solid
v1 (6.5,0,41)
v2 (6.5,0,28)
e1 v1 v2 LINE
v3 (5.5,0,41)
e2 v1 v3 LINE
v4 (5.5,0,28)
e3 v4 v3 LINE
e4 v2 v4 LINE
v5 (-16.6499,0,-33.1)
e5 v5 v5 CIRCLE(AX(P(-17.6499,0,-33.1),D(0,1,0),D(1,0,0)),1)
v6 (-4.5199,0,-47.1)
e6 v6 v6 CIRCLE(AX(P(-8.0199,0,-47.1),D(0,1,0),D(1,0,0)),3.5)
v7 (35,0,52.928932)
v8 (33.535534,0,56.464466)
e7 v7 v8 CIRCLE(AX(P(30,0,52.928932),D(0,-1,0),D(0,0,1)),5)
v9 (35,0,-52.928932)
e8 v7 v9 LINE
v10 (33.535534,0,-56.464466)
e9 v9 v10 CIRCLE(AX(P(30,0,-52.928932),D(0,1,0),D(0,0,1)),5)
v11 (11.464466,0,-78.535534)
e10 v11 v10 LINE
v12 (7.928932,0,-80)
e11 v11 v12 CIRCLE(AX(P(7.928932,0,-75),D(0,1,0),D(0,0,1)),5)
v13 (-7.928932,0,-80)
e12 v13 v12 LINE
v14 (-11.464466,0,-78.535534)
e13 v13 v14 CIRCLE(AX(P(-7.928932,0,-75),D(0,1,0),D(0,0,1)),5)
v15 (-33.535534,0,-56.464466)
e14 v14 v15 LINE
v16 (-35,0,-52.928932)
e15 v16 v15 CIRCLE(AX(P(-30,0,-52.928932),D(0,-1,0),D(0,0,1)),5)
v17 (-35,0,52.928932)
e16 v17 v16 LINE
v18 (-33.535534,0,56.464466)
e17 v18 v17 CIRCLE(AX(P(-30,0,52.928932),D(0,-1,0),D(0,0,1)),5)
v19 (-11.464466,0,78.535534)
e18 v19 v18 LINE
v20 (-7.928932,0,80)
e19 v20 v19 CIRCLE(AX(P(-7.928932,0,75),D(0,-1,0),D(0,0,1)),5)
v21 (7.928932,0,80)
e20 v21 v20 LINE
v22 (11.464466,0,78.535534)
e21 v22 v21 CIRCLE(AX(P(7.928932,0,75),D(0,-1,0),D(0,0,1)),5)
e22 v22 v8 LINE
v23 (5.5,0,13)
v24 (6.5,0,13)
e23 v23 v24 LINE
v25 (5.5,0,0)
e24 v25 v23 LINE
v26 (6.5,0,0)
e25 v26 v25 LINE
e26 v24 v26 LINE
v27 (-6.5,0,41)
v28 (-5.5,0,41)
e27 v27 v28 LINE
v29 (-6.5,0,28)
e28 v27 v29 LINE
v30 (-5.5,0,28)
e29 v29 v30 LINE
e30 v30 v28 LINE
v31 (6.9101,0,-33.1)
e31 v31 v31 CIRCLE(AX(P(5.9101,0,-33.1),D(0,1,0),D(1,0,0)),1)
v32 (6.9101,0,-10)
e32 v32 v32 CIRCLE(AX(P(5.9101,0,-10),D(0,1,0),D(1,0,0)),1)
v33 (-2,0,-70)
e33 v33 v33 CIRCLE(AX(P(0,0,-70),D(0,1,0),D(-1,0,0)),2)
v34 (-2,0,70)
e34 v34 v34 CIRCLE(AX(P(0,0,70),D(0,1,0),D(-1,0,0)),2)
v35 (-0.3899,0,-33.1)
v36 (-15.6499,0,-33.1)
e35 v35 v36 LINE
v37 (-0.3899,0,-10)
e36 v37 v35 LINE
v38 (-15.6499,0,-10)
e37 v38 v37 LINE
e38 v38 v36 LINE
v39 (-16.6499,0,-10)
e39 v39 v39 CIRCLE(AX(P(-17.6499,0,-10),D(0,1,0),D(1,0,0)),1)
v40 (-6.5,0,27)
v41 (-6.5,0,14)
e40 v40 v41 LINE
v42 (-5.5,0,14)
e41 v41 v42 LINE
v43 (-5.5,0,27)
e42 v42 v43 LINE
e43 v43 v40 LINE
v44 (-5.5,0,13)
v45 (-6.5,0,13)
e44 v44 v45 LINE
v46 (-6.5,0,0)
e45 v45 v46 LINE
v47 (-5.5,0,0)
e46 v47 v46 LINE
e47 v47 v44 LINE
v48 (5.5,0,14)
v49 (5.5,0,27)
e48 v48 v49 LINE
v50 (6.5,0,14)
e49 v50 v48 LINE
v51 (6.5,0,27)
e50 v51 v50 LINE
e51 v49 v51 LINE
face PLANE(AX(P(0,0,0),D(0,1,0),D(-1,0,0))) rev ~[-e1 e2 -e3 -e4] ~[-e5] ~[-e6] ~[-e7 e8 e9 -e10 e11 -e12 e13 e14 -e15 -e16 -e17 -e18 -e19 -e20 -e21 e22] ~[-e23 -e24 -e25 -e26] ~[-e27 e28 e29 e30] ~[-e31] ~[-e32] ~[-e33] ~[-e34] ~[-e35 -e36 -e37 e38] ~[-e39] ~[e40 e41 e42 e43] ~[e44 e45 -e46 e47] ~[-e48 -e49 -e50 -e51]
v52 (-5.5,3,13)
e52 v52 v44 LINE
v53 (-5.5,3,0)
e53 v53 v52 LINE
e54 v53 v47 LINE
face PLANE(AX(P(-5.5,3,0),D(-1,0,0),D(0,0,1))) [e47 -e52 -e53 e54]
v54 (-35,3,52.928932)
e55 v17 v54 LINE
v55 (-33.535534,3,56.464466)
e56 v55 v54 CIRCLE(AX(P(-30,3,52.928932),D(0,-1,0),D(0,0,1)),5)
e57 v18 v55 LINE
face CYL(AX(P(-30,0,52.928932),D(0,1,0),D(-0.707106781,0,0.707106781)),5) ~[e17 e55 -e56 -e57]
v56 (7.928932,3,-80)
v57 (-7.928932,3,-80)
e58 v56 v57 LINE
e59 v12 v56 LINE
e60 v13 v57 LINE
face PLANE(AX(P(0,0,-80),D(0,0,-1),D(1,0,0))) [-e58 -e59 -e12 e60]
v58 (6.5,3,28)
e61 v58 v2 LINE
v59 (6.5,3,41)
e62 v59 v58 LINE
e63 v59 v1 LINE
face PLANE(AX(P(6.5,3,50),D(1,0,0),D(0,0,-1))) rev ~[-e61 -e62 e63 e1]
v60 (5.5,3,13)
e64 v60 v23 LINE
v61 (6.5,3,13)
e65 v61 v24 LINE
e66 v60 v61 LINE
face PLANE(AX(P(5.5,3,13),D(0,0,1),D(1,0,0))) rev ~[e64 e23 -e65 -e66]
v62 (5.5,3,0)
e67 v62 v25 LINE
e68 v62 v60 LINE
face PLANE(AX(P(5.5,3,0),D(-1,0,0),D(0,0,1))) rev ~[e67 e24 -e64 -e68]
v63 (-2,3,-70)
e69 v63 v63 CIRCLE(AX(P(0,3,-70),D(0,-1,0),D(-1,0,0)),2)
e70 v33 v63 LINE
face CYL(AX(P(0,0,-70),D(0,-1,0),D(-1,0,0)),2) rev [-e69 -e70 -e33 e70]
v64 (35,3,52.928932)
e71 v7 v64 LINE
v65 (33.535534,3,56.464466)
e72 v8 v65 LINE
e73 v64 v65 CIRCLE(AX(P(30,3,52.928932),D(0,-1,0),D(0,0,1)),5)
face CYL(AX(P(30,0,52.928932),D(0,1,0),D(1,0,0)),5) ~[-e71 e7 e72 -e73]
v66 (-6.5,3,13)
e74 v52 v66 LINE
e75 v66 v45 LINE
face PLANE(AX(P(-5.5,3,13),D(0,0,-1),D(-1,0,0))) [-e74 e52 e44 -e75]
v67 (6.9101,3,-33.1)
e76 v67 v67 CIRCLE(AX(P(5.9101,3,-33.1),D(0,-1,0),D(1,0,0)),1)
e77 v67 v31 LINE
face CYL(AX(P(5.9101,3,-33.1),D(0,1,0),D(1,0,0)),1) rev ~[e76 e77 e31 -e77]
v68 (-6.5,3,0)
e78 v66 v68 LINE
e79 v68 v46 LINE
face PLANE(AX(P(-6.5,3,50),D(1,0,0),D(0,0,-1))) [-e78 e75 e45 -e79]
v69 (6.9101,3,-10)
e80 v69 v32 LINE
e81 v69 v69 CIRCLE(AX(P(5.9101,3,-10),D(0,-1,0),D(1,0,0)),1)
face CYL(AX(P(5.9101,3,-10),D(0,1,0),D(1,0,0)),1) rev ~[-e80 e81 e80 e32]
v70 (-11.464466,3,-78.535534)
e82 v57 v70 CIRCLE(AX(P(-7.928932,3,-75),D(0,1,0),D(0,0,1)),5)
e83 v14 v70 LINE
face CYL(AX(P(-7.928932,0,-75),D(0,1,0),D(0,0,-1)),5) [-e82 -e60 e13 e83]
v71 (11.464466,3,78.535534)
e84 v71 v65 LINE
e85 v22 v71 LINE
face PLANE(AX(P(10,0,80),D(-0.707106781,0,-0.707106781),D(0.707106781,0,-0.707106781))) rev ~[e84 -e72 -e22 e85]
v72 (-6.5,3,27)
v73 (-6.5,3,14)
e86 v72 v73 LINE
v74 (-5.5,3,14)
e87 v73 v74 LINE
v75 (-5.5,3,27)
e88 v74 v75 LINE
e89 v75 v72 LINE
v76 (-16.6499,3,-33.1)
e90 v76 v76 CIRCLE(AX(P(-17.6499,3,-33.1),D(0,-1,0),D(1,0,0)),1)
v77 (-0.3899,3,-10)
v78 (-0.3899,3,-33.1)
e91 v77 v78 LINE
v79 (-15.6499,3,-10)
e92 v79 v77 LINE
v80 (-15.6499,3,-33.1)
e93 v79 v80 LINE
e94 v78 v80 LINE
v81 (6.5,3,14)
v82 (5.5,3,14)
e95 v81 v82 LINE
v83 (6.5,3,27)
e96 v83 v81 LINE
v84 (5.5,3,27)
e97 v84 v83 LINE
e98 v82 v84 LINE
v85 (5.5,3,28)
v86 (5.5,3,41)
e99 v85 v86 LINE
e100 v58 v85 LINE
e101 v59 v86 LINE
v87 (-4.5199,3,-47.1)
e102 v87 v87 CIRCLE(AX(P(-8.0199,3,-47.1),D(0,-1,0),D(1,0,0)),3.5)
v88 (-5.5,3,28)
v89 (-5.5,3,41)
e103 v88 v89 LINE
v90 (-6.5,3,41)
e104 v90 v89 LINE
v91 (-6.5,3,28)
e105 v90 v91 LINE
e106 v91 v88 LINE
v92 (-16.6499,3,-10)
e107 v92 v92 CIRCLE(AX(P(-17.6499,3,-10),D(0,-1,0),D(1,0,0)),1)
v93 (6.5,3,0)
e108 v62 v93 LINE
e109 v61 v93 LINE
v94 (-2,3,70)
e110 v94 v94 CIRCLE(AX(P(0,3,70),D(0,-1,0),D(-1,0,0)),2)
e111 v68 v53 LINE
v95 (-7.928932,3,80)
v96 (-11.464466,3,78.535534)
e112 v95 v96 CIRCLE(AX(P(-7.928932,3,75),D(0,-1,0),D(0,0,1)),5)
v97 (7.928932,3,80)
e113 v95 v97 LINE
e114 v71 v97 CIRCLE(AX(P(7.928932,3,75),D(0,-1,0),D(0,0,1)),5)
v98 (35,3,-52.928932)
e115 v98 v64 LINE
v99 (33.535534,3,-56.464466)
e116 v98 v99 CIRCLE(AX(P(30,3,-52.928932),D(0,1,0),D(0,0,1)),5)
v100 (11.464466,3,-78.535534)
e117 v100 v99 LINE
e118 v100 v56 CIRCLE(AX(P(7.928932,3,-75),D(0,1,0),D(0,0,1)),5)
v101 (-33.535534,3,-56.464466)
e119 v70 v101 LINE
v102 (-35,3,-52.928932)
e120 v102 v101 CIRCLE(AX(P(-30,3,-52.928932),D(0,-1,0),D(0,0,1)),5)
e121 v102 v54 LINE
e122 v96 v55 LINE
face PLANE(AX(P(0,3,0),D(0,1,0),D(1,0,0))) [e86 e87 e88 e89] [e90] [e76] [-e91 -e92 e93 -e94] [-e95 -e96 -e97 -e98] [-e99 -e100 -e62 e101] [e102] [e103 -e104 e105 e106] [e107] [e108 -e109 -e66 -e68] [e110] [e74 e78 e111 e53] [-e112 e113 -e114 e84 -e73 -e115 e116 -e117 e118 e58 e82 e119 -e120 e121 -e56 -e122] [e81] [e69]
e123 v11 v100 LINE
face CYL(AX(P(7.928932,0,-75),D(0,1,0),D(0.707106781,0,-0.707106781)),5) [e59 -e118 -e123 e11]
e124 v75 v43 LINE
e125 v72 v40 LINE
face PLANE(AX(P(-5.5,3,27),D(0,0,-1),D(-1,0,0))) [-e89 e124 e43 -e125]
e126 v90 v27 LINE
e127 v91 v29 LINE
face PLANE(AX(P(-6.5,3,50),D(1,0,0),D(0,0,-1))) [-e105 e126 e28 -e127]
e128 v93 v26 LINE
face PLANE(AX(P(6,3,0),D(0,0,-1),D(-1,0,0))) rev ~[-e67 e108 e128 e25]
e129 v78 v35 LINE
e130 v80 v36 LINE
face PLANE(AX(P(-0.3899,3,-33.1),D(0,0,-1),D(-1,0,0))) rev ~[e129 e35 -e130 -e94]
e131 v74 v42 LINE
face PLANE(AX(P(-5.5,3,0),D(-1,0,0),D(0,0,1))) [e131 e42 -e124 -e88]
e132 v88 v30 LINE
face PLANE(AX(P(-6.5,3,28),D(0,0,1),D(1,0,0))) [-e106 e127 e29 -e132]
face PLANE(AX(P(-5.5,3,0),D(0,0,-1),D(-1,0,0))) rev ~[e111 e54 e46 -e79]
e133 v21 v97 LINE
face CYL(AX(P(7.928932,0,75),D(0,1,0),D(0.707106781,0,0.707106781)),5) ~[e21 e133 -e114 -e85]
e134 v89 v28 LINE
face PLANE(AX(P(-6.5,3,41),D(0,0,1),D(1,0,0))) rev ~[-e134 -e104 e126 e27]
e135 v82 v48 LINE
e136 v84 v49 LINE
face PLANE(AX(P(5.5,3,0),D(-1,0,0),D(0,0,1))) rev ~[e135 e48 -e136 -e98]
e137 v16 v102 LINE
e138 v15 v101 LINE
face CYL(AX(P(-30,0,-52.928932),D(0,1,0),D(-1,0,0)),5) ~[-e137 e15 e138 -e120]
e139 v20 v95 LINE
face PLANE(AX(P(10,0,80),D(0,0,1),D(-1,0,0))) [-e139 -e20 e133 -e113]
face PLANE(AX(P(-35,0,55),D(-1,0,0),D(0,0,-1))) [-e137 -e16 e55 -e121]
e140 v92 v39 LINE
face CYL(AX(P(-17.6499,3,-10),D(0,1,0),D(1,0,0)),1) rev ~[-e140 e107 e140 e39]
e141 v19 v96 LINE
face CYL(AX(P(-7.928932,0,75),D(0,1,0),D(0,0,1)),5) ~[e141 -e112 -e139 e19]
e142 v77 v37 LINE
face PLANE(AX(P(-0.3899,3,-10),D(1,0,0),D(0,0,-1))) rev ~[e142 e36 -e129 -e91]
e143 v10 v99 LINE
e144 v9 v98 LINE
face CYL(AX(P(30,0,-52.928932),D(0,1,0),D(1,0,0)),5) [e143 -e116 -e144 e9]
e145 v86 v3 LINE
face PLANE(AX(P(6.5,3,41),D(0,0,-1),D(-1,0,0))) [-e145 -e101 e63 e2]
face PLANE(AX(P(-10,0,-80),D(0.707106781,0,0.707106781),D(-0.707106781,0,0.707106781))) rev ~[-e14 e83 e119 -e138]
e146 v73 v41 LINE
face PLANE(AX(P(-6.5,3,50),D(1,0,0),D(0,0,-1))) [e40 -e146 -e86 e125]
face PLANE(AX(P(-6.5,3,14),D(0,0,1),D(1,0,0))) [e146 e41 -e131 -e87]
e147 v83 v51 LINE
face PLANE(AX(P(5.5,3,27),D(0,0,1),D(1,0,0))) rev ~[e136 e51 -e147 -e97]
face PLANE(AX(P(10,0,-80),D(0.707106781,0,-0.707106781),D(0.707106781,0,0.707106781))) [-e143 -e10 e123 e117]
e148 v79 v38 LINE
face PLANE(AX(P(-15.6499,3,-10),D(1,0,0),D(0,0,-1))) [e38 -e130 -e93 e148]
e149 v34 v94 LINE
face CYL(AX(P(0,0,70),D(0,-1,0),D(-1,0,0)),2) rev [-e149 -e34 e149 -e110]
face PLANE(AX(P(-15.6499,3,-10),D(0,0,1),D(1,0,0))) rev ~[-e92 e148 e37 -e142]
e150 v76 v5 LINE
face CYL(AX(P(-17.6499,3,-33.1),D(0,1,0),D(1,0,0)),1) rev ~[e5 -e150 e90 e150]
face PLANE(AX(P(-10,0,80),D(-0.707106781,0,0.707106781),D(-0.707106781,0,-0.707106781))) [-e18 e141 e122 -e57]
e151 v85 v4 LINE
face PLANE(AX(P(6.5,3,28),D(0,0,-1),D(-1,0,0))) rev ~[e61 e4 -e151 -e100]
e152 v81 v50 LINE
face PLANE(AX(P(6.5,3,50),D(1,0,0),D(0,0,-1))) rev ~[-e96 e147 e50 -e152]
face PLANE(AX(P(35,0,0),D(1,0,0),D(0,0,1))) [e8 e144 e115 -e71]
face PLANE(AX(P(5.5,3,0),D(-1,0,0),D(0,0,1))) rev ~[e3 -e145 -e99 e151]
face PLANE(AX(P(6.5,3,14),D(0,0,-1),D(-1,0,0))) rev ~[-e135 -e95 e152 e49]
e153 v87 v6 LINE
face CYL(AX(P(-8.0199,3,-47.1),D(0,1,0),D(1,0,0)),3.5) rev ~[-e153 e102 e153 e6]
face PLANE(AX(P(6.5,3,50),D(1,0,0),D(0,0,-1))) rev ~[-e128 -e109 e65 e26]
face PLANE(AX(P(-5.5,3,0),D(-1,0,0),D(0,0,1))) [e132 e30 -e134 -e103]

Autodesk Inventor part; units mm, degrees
ref_plane "YZ Plane" through (0, 0, 0) normal (1, 0, 0) x (0, 1, 0)
ref_plane "XZ Plane" through (0, 0, 0) normal (0, 1, 0) x (-1, 0, 0)
ref_plane "XY Plane" through (0, 0, 0) normal (0, 0, 1) x (1, 0, 0)
sketch "Sketch1" plane through (0, 0, 0) normal (0, 1, 0) x (-1, 0, 0)
  line L0 (0, 0) -> (0, 80)
  line L1 (0, 80) -> (0, -80)
  line L2 (0, 80) -> (35, 80)
  line L3 (35, 80) -> (35, -80)
  line L4 (35, -80) -> (-35, -80)
  line L5 (-35, -80) -> (-35, 80)
  line L6 (-35, 80) -> (0, 80)
  line L7 (0, 80) -> (10, 80)
  line L8 (35, 80) -> (35, 55)
  line L9 (10, 80) -> (35, 55)
  line L10 (35, 0) -> (-35, 0)
  line L11 (0, 80) -> (0, -80)
  line L12 (10, -80) -> (35, -55)
  line L13 (-10, 80) -> (-35, 55)
  line L14 (-10, -80) -> (-35, -55)
  line L15 (0, 0) -> (0, 70)
  line L16 (0, 70) -> (0, -70)
  circle A0 centre (0, 70) radius 2
  circle A1 centre (0, -70) radius 2
  dimension "d0" = 80
  dimension "d1" = 160
  dimension "d2" = 35
  dimension "d3" = 70
  dimension "d4" = 10
  dimension "d5" = 25
  dimension "d6" = 70
  dimension "d7" = 140
  dimension "d8" = 4
  dimension "d9" = 4
extrude "Extrusion1" add sketch "Sketch1" along normal blind 3 contours L10 L5 L13 L6 L0 A0 | L10 L3 L12 L4 L1 A1 | L0 A0 L2 L9 L3 L10 | L1 A1 L4 L14 L5 L10
fillet "Fillet1" radius 5 8 edges at (-35, 1.5, 55) (-10, 1.5, 80) (-35, 1.5, -55) (35, 1.5, 55) (10, 1.5, 80) (35, 1.5, -55) (10, 1.5, -80) (-10, 1.5, -80)
sketch "Sketch2" plane through (0, 3, 0) normal (0, 1, 0) x (1, 0, 0)
  line L0 (0, 0) -> (0, 10)
  line L1 (5.9101, 10) -> (-17.6499, 10)
  line L2 (-17.6499, 10) -> (-17.6499, 33.1)
  line L3 (-17.6499, 33.1) -> (5.9101, 33.1)
  line L4 (5.9101, 33.1) -> (5.9101, 10)
  line L5 (0, 10) -> (0, 21.55)
  line L6 (0, 21.55) -> (20, 21.55)
  line L7 (35, -52.9289) -> (35, 52.9289) projected
  circle A0 centre (20, 21.55) radius 3.5
  circle A1 centre (-17.6499, 10) radius 1
  circle A2 centre (-17.6499, 33.1) radius 1
  circle A3 centre (5.9101, 10) radius 1
  circle A4 centre (5.9101, 33.1) radius 1
  line L8 (0, 0) -> (-6, 0)
  line L9 (-6, 0) -> (-6, -50)
  line L10 (-6, -50) -> (6, -50)
  line L11 (6, -50) -> (6, 0)
  line L12 (6, 0) -> (-6, 0)
  line L13 (-6, -50) -> (-6.5, -50)
  line L14 (-6.5, -50) -> (-6.5, 0)
  line L15 (-6.5, 0) -> (-5.5, 0)
  line L16 (-5.5, 0) -> (-5.5, -50)
  line L17 (-5.5, -50) -> (-6.5, -50)
  line L18 (0, 0) -> (0, -66.8235)
  line L19 (6, -50) -> (6.5, -50)
  line L20 (6.5, -50) -> (6.5, 0)
  line L21 (6.5, 0) -> (5.5, 0)
  line L22 (5.5, 0) -> (5.5, -50)
  line L23 (5.5, -50) -> (6.5, -50)
  line L24 (0, 21.55) -> (6, 21.55)
  dimension "d13" = 10
  dimension "d14" = 23.56
  dimension "d15" = 23.1
  dimension "d16" = 11.55
  dimension "d17" = 20
  dimension "d18" = 7
  dimension "d19" = 2
  dimension "d20" = 2
  dimension "d21" = 2
  dimension "d22" = 2
  dimension "d23" = 6
  dimension "d24" = 50
  dimension "d25" = 12
  dimension "d26" = 0.5
  dimension "d27" = 1
  dimension "d37" = 6
extrude "Extrusion2" cut sketch "Sketch2" against normal blind 10 contours A0 | L16 L10 L9 L8 | L12 L11 L10 L22 | A1 L2 L1 | L1 L2 A1 | A3 L4 L1 | L1 L4 A3 | L9 L13 L14 L15 | L21 L20 L19 L11 | A2 L3 L2 | L2 L3 A2 | A4 L3 L4 | L4 L3 A4
sketch "Sketch3" plane through (0, 3, 0) normal (0, 1, 0) x (1, 0, 0)
  line L0 (-5.5, -50) -> (-5.5, 0) projected
  line L1 (-5.5, 0) -> (-5.5, -13)
  line L2 (-5.5, -13) -> (-6.5, -13)
  line L3 (-6.5, -50) -> (-6.5, 0) projected
  line L4 (-6.5, 0) -> (-6.5, -13)
  line L5 (-6.5, 0) -> (-5.5, 0)
  line L6 (-6.5, -13) -> (-6.5, -14)
  line L7 (-6.5, -14) -> (-5.5, -14)
  line L8 (-5.5, -14) -> (-5.5, -13)
  line L9 (-6.5, -13) -> (-5.5, -13)
  line L10 (-6.5, -14) -> (-6.5, -27)
  line L11 (-6.5, -27) -> (-6.5, -28)
  line L12 (-6.5, -28) -> (-5.5, -28)
  line L13 (-5.5, -28) -> (-5.5, -27)
  line L14 (-5.5, -27) -> (-6.5, -27)
  line L15 (-5.5, -14) -> (-5.5, -27)
  line L16 (-6.5, -28) -> (-6.5, -41)
  line L17 (-6.5, -41) -> (-5.5, -41)
  line L18 (-5.5, -41) -> (-5.5, -28)
  line L19 (-6.5, -28) -> (-5.5, -28)
  line L20 (-6.5, -50) -> (-5.5, -50) projected
  line L21 (-6.5, -41) -> (-6.5, -50)
  line L22 (-6.5, -50) -> (-5.5, -50)
  line L23 (-5.5, -50) -> (-5.5, -41)
  line L24 (0, 0) -> (0, -62.7524)
  line L25 (5.5, -50) -> (5.5, 0)
  line L26 (5.5, -13) -> (6.5, -13)
  line L27 (6.5, -50) -> (6.5, 0)
  line L28 (6.5, 0) -> (5.5, 0)
  line L29 (6.5, -14) -> (5.5, -14)
  line L30 (6.5, -28) -> (5.5, -28)
  line L31 (5.5, -27) -> (6.5, -27)
  line L32 (6.5, -41) -> (5.5, -41)
  line L33 (6.5, -50) -> (5.5, -50)
  dimension "d30" = 13
  dimension "d31" = 1
  dimension "d32" = 13
  dimension "d33" = 1
  dimension "d34" = 13
extrude "Extrusion3" add sketch "Sketch3" against normal blind 3 contours L20 L3 L17 L0 | L12 L3 L14 L0 | L7 L3 L2 L0 | L25 L32 L27 L33 | L25 L31 L27 L30 | L25 L26 L27 L29
sketch "Sketch4" plane through (0, 3, 0) normal (0, 1, 0) x (1, 0, 0)
  circle A0 centre (-17.6499, 10) radius 1 projected
  line L0 (-17.6499, 10) -> (-15.6499, 10)
  circle A1 centre (-17.6499, 33.1) radius 1 projected
  line L1 (-17.6499, 33.1) -> (-15.6499, 33.1)
  line L2 (-15.6499, 10) -> (-15.6499, 33.1)
  circle A2 centre (5.9101, 33.1) radius 1 projected
  line L3 (5.9101, 33.1) -> (-0.3899, 33.1)
  circle A3 centre (5.9101, 10) radius 1 projected
  line L4 (5.9101, 10) -> (-0.3899, 10)
  line L5 (-15.6499, 10) -> (-0.3899, 10)
  line L6 (-0.3899, 10) -> (-0.3899, 33.1)
  line L7 (-0.3899, 33.1) -> (-15.6499, 33.1)
  point P0 (0, 0)
  dimension "d38" = 2
  dimension "d39" = 2
  dimension "d40" = 6.3
  dimension "d41" = 6.3
extrude "Extrusion4" cut sketch "Sketch4" against normal blind 10 contours L2 L7 L6 L5
sketch "Sketch5" plane through (0, 3, 0) normal (0, 1, 0) x (1, 0, 0)
  circle A0 centre (20, 21.55) radius 3.5 projected
  circle A1 centre (20, 21.55) radius 3.5
  point P0 (0, 0)
extrude "Extrusion5" add sketch "Sketch5" against normal blind 3
sketch "Sketch6" plane through (0, 3, 0) normal (0, 1, 0) x (1, 0, 0)
  line L0 (0, 0) -> (0, 62.477)
  line L1 (-15.6499, 33.1) -> (-0.3899, 33.1) projected
  line L2 (-8.0199, 33.1) -> (-8.0199, 54.1)
  line L3 (-8.0199, 54.1) -> (0, 54.1)
  line L4 (-8.0199, 33.1) -> (-8.0199, 41.1)
  line L5 (-8.0199, 33.1) -> (-8.0199, 47.1)
  circle A0 centre (-8.0199, 47.1) radius 3.5
  dimension "d46" = 21
  dimension "d47" = 8
  dimension "d48" = 14
  dimension "d49" = 7
extrude "Extrusion6" cut sketch "Sketch6" against normal blind 3
properties part number "panel"
